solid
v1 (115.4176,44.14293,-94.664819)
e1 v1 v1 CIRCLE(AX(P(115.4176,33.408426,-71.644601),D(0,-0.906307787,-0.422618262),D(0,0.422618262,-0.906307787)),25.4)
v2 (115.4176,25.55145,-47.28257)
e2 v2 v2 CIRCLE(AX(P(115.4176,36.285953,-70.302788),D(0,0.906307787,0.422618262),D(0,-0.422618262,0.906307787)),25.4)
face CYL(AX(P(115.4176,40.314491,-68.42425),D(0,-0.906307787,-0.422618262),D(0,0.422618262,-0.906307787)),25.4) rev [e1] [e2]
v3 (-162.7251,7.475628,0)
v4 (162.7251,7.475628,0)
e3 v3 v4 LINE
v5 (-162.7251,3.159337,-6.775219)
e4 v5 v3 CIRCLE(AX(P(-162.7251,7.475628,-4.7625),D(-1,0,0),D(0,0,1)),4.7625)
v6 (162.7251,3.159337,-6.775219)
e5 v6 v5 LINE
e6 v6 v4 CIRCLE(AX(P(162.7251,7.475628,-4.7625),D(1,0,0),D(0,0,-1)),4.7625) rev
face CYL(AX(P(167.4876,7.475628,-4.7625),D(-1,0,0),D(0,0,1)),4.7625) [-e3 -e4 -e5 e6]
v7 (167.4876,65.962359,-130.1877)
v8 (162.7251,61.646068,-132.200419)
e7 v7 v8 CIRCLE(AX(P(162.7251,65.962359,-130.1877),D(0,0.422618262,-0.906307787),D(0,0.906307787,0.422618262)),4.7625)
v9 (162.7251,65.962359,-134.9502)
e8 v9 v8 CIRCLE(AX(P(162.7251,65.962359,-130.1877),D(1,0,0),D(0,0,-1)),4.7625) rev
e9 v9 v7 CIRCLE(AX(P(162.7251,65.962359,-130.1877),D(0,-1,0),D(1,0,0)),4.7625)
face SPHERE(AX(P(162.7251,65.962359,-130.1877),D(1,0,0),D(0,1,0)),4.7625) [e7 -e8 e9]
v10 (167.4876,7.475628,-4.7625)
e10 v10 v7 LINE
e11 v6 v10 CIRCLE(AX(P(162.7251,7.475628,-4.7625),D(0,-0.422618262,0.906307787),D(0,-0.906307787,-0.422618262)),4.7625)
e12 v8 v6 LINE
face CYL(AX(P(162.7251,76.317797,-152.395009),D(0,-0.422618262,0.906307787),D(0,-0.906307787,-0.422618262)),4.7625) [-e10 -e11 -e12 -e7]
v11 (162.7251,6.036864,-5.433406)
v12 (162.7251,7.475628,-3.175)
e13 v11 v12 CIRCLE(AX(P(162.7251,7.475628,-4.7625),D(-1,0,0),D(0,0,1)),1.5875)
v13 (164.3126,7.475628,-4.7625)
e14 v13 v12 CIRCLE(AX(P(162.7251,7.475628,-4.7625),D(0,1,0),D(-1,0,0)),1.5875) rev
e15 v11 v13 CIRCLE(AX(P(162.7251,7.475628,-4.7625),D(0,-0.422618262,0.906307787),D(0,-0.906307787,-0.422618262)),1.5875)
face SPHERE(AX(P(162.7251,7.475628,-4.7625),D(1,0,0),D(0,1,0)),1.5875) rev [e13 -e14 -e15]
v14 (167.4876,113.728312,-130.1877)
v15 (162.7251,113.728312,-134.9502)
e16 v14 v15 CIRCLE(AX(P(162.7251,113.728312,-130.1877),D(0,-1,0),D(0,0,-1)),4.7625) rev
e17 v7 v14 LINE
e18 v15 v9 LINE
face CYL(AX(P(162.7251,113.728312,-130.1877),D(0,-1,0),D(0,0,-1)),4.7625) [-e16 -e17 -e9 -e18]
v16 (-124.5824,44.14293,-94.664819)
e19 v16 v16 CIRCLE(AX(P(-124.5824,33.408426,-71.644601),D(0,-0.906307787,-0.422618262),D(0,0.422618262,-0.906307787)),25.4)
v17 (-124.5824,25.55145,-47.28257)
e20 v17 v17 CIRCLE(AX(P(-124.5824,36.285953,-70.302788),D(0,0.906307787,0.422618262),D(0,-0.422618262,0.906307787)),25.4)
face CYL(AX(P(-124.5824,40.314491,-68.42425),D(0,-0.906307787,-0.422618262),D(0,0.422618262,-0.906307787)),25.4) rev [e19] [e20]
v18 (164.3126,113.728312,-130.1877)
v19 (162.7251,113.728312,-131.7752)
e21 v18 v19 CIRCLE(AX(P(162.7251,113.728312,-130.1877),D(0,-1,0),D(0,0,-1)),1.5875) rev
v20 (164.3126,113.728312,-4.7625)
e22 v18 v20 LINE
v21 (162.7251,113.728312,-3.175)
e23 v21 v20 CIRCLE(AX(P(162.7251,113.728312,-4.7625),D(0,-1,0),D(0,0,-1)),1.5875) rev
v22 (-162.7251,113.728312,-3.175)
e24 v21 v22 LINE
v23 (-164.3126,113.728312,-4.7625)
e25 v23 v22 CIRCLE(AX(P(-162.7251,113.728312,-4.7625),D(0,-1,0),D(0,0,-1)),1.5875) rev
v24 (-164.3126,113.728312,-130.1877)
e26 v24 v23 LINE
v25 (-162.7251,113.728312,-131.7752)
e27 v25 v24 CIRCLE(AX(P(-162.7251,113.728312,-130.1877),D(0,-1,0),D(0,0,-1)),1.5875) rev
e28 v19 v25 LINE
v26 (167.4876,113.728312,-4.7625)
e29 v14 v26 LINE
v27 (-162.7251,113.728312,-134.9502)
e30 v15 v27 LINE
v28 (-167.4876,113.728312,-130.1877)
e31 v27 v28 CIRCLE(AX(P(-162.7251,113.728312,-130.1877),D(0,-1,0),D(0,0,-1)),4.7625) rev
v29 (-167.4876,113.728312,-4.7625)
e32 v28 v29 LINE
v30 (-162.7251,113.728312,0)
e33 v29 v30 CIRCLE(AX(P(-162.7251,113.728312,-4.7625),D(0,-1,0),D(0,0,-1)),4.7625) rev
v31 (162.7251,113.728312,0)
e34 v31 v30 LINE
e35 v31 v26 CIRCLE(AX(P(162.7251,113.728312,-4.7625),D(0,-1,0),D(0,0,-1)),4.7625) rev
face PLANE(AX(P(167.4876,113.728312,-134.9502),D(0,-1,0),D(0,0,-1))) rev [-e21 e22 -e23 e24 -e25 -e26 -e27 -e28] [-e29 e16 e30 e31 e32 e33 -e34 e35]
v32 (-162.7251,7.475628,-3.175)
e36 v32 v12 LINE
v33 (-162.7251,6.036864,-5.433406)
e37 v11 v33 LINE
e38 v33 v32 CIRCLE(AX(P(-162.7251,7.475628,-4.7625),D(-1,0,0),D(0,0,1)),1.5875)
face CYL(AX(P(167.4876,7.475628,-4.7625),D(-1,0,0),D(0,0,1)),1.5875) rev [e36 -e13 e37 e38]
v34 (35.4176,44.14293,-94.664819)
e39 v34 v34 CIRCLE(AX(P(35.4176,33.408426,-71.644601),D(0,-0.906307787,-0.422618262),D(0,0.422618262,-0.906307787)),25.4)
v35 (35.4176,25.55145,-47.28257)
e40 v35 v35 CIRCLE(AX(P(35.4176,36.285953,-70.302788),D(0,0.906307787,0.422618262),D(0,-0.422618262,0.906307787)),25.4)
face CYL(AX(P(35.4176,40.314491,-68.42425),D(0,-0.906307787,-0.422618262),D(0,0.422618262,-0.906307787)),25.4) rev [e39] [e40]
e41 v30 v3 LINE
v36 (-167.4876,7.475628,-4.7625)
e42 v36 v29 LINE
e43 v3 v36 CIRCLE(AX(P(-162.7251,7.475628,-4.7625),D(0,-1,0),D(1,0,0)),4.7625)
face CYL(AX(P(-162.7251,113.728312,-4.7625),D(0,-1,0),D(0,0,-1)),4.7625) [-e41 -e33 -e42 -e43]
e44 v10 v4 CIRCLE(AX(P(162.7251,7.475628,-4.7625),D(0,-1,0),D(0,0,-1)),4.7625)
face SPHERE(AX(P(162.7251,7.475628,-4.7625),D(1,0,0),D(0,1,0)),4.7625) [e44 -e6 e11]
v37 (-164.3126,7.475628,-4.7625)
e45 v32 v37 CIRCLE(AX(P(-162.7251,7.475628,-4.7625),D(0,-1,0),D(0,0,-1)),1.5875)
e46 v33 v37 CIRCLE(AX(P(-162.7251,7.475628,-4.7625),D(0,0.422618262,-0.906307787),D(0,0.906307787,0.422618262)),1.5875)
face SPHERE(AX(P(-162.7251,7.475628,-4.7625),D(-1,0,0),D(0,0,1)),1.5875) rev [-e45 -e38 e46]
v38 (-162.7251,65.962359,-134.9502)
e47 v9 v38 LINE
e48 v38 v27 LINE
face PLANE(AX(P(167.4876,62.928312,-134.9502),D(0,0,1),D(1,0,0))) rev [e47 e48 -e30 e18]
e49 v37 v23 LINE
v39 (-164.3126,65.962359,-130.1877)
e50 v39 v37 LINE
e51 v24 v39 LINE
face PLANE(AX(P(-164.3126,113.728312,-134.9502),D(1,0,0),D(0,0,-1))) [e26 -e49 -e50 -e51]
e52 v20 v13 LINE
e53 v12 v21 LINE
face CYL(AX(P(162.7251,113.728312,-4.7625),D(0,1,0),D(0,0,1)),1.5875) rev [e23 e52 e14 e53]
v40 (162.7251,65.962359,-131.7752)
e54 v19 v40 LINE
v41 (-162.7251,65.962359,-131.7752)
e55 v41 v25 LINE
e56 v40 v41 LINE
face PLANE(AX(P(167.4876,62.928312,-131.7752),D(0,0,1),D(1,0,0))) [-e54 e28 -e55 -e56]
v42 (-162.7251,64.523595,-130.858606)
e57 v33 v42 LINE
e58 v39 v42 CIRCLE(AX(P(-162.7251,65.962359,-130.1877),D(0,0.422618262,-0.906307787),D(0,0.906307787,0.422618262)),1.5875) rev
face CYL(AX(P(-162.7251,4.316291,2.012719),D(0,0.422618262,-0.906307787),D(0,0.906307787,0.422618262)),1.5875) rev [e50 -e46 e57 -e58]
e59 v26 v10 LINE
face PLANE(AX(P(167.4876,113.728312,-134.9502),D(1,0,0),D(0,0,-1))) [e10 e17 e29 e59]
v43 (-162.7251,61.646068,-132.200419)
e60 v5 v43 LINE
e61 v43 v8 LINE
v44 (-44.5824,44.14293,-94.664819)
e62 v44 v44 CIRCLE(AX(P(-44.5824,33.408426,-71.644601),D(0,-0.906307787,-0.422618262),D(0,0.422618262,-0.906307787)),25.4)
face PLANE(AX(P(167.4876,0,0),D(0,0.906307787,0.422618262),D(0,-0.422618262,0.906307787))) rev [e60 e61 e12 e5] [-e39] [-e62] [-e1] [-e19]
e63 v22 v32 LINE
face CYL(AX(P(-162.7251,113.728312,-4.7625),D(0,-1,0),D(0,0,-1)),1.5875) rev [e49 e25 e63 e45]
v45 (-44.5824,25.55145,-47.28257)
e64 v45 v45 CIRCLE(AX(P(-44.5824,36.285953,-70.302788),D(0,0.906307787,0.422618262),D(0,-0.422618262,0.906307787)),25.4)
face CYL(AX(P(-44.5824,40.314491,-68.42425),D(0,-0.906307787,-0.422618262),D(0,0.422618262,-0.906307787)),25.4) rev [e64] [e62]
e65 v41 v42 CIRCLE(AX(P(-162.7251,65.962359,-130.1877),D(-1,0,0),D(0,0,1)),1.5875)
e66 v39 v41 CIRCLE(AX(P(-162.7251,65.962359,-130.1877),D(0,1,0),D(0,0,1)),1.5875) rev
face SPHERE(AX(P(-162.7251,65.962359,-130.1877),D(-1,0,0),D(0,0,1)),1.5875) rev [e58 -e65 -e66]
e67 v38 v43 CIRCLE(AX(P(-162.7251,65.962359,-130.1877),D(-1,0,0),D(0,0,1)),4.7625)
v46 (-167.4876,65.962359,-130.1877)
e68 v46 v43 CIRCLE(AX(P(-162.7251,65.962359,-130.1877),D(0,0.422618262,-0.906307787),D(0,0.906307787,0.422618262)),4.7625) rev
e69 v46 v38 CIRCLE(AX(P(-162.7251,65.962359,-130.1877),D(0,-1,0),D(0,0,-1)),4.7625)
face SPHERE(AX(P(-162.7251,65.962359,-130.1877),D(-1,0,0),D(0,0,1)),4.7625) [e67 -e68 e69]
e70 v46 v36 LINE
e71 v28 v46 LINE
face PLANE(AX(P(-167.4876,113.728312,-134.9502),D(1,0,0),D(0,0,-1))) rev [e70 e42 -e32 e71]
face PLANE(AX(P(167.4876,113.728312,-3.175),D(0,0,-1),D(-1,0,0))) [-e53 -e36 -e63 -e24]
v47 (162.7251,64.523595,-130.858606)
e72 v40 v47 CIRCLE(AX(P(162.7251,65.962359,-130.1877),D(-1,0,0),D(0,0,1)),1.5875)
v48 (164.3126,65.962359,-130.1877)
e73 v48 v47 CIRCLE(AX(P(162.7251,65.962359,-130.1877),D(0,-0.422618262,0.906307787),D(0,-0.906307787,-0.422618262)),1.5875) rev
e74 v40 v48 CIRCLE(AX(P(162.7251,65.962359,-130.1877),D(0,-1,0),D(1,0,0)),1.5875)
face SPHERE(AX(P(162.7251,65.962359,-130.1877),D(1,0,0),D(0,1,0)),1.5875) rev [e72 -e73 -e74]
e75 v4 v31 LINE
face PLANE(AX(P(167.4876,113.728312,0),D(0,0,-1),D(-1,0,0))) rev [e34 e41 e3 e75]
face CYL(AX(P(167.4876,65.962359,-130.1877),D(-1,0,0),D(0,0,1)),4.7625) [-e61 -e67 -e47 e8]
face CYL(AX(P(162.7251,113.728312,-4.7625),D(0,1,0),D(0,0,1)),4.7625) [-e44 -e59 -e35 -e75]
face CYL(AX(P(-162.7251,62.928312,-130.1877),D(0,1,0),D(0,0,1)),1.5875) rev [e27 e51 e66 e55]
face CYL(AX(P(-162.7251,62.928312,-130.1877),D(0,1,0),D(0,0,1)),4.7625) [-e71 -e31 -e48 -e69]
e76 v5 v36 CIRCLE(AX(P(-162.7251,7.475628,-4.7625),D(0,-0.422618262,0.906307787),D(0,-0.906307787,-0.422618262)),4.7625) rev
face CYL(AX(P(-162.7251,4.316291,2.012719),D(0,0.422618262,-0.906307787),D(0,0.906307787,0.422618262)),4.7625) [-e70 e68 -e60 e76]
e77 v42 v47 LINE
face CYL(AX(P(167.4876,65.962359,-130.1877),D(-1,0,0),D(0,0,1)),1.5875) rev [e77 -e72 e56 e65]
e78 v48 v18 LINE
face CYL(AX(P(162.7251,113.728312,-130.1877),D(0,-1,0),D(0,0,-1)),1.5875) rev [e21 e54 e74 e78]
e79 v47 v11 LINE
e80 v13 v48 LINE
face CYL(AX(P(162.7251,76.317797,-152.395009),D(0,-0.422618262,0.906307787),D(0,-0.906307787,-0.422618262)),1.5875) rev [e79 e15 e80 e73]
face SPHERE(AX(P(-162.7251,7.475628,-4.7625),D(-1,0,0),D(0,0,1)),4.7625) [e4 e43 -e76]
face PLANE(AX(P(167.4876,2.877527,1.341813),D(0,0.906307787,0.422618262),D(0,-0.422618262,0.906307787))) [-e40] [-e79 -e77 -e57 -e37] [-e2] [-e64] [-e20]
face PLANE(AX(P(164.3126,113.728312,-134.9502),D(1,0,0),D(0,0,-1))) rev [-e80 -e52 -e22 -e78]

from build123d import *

# Parameters (mm, degrees)
BOSS_EXTRUDE1_DEPTH = 167.4876
FILLET1_R           = 4.7625
SHELL2_T            = -3.175
SKETCH2_R           = 25.4
CUT_EXTRUDE1_DEPTH  = 7.62


with BuildPart() as part:
    # Sketch1 → Boss-Extrude1 (new, symmetric)
    with BuildSketch(Plane(origin=(0, 0, 0), x_dir=(0, 0, -1), z_dir=(1, 0, 0))):
        Polygon((0, 0), (134.9502, 62.92831173), (134.9502, 113.72831173), (0, 113.72831173), align=None)
    extrude(amount=BOSS_EXTRUDE1_DEPTH, both=True)

    # Fillet1
    fillet1_edges = [part.edges().sort_by_distance(p)[0] for p in [
        (167.4876, 56.864155865, 0),
        (167.4876, 31.464155865, -67.4751),
        (167.4876, 88.32831173, -134.9502),
        (-167.4876, 31.464155865, -67.4751),
        (-167.4876, 56.864155865, 0),
        (-167.4876, 88.32831173, -134.9502),
        (0, 62.92831173, -134.9502),
        (0, 0, 0),
    ]]
    fillet(fillet1_edges, radius=FILLET1_R)

    # Shell2
    shell2_openings = [part.faces().sort_by_distance(p)[0] for p in [
        (0, 113.72831173, -67.4751),
    ]]
    offset(amount=SHELL2_T, openings=shell2_openings, kind=Kind.INTERSECTION)

    # Sketch2 → Cut-Extrude1 (cut)
    with BuildSketch(Plane(origin=(0, 0, 0), x_dir=(1, 0, 0), z_dir=(0, -0.9063077870366493, -0.422618261740701))):
        with Locations(Location((-124.5824, -79.05107084, 0), (0, 0, 270))):
            Circle(SKETCH2_R)
        with Locations(Location((-44.5824, -79.05107084, 0), (0, 0, 270))):
            Circle(SKETCH2_R)
        with Locations(Location((35.4176, -79.05107084, 0), (0, 0, 270))):
            Circle(SKETCH2_R)
        with Locations(Location((115.4176, -79.05107084, 0), (0, 0, 270))):
            Circle(SKETCH2_R)
    extrude(amount=-CUT_EXTRUDE1_DEPTH, mode=Mode.SUBTRACT)


solid = part.part
